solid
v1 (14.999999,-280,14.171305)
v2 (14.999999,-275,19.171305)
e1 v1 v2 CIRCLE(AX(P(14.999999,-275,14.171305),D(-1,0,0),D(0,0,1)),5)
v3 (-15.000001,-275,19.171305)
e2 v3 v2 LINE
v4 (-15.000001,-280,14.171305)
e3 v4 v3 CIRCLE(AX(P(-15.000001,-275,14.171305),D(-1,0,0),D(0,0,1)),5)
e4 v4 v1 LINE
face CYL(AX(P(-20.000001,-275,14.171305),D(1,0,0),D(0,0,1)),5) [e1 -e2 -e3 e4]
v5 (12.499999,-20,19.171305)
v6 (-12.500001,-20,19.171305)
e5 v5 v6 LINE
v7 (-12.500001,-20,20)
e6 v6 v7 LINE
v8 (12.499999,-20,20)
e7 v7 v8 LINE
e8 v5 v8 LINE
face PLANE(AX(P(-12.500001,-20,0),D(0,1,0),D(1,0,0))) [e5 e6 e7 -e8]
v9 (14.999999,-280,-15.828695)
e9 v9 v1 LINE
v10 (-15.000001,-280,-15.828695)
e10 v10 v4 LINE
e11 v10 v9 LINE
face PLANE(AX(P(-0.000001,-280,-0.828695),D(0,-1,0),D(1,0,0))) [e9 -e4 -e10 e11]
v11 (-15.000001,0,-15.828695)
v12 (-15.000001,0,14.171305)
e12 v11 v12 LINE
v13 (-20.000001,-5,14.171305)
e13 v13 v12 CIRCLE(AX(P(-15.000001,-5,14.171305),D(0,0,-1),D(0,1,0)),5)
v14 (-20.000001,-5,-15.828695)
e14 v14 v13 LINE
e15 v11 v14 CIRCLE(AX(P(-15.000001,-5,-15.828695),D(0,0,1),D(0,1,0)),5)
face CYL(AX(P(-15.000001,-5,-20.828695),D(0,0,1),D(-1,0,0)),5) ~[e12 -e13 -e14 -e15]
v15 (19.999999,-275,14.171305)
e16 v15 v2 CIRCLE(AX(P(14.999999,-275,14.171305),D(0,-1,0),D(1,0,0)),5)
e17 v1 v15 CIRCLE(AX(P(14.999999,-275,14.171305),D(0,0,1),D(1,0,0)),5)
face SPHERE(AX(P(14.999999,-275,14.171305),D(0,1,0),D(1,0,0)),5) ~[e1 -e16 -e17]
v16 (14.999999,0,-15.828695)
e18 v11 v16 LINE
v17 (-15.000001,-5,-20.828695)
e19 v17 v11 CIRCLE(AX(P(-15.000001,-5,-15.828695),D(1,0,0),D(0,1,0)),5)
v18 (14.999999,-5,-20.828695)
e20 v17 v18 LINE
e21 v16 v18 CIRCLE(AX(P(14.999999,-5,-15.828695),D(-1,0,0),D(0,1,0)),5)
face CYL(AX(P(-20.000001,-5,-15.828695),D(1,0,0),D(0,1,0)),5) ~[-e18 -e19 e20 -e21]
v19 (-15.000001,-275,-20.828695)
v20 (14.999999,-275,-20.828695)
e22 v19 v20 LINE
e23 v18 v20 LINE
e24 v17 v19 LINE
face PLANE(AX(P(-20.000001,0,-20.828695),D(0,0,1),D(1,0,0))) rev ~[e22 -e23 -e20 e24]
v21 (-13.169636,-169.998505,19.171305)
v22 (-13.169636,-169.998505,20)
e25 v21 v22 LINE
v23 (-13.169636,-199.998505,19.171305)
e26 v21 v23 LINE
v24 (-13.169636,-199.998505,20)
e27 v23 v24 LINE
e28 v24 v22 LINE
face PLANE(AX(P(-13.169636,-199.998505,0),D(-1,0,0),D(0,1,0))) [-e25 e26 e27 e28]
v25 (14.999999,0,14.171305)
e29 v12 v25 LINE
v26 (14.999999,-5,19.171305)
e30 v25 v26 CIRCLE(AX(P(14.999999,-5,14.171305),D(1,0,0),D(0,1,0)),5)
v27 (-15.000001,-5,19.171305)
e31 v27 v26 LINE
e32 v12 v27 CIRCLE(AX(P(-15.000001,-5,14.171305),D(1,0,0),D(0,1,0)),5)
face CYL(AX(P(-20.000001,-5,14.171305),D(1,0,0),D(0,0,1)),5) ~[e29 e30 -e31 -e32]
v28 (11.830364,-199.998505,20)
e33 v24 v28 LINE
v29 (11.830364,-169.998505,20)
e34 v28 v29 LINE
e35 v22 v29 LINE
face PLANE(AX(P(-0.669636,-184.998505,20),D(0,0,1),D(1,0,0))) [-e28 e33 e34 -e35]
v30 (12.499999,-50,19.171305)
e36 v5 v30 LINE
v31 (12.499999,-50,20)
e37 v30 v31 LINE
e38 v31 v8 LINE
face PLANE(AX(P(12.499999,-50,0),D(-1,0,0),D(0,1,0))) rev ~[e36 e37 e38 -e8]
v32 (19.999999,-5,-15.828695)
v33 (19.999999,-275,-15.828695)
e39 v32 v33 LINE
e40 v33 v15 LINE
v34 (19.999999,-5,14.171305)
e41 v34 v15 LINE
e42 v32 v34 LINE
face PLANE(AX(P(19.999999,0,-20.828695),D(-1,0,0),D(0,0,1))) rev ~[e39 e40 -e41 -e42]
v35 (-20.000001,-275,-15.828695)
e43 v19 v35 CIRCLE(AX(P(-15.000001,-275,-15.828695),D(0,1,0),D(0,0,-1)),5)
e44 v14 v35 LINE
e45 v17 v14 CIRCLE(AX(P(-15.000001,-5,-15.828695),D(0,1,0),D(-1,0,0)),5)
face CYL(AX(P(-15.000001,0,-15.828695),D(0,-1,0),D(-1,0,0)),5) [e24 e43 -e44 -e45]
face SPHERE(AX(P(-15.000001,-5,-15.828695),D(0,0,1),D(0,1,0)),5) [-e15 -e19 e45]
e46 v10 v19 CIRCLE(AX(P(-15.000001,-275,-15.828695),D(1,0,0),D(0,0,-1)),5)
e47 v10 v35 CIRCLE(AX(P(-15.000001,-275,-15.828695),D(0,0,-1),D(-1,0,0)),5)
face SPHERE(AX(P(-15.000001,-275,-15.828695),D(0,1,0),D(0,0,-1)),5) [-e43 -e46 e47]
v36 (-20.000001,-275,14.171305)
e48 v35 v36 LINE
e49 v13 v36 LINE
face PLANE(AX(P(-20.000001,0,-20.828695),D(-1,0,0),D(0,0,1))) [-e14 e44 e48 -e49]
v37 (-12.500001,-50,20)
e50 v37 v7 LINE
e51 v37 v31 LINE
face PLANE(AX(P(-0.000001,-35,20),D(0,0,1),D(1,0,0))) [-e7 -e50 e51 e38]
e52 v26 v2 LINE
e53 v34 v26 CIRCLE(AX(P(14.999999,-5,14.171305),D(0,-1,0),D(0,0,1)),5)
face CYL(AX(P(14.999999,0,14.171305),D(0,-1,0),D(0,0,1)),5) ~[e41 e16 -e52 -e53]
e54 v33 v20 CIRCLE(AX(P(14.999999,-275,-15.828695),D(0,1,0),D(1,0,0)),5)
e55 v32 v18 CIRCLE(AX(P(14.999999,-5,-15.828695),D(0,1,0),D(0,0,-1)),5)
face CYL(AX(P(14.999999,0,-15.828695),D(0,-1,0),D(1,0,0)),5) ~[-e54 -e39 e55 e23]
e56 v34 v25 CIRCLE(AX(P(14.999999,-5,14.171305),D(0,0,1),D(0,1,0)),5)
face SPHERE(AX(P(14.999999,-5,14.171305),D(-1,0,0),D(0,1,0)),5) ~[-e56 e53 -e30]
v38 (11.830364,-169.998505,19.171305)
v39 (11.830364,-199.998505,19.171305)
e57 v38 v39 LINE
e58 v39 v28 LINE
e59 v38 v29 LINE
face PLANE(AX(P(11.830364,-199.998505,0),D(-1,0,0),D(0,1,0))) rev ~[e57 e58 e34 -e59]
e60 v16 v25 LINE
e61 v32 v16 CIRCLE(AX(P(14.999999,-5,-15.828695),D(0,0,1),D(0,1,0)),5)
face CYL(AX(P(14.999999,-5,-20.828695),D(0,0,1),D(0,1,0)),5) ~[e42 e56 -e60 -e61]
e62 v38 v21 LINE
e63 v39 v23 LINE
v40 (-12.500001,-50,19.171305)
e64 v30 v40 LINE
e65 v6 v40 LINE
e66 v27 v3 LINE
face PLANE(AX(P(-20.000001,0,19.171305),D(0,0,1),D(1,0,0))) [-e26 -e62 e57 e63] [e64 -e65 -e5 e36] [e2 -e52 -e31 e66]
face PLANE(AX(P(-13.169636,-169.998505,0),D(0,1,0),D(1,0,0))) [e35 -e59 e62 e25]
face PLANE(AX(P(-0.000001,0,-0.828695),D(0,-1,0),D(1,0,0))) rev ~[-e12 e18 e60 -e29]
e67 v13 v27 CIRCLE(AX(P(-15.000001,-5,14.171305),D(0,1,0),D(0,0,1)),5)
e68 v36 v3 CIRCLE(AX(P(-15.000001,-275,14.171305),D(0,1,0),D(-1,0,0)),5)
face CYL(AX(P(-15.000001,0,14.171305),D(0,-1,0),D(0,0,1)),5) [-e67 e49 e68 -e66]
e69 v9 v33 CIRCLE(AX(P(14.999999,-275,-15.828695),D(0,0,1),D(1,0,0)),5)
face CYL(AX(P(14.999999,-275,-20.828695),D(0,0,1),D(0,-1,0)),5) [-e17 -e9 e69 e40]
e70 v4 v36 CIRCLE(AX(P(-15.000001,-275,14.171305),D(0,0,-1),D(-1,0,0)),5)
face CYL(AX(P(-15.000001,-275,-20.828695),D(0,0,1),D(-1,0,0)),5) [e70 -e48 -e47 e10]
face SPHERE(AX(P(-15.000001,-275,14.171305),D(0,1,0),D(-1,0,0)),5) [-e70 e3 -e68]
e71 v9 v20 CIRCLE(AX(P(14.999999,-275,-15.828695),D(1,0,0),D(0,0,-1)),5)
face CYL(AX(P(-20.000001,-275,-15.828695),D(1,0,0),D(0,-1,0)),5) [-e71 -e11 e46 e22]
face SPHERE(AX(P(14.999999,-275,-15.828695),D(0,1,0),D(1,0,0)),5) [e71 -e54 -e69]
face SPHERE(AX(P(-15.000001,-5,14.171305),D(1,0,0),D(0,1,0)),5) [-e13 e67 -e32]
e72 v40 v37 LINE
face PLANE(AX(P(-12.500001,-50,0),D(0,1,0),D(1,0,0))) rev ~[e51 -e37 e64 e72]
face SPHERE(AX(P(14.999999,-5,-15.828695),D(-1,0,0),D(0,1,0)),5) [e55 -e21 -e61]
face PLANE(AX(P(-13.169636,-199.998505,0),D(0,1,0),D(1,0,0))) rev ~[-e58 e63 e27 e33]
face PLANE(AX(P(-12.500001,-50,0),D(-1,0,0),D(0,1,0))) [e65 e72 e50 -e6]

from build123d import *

# Parameters (mm, degrees)
F0_W     = 40
F0_H     = 40
F1_DEPTH = 280
F2_W     = 25
F2_H     = 30
F3_DEPTH = 20
F4_R     = 5


with BuildPart() as f1:
    # F0 (on Front) → F1 (new body)
    with BuildSketch(Plane.XZ):
        with Locations((-1e-06, -0.828695)):
            Rectangle(F0_W, F0_H)
    extrude(amount=F1_DEPTH)

    # F2 (on Top) → F3 (join)
    with BuildSketch(Plane.XY):
        with Locations((-1e-06, -35)):
            Rectangle(F2_W, F2_H)
        with Locations((-0.669636, -184.998505)):
            Rectangle(F2_W, F2_H)
    extrude(amount=F3_DEPTH)

    # F4
    f4_edges = [f1.edges().sort_by_distance(p)[0] for p in [
        (-1e-06, 0, 19.171305),
        (-20.000001, 0, -0.828695),
        (-1e-06, 0, -20.828695),
        (19.999999, 0, -0.828695),
        (19.999999, -140, -20.828695),
        (19.999999, -140, 19.171305),
        (19.999999, -280, -0.828695),
        (-20.000001, -140, -20.828695),
        (-1e-06, -280, -20.828695),
        (-20.000001, -140, 19.171305),
        (-20.000001, -280, -0.828695),
        (-1e-06, -280, 19.171305),
    ]]
    fillet(f4_edges, radius=F4_R)


solid = f1.part
